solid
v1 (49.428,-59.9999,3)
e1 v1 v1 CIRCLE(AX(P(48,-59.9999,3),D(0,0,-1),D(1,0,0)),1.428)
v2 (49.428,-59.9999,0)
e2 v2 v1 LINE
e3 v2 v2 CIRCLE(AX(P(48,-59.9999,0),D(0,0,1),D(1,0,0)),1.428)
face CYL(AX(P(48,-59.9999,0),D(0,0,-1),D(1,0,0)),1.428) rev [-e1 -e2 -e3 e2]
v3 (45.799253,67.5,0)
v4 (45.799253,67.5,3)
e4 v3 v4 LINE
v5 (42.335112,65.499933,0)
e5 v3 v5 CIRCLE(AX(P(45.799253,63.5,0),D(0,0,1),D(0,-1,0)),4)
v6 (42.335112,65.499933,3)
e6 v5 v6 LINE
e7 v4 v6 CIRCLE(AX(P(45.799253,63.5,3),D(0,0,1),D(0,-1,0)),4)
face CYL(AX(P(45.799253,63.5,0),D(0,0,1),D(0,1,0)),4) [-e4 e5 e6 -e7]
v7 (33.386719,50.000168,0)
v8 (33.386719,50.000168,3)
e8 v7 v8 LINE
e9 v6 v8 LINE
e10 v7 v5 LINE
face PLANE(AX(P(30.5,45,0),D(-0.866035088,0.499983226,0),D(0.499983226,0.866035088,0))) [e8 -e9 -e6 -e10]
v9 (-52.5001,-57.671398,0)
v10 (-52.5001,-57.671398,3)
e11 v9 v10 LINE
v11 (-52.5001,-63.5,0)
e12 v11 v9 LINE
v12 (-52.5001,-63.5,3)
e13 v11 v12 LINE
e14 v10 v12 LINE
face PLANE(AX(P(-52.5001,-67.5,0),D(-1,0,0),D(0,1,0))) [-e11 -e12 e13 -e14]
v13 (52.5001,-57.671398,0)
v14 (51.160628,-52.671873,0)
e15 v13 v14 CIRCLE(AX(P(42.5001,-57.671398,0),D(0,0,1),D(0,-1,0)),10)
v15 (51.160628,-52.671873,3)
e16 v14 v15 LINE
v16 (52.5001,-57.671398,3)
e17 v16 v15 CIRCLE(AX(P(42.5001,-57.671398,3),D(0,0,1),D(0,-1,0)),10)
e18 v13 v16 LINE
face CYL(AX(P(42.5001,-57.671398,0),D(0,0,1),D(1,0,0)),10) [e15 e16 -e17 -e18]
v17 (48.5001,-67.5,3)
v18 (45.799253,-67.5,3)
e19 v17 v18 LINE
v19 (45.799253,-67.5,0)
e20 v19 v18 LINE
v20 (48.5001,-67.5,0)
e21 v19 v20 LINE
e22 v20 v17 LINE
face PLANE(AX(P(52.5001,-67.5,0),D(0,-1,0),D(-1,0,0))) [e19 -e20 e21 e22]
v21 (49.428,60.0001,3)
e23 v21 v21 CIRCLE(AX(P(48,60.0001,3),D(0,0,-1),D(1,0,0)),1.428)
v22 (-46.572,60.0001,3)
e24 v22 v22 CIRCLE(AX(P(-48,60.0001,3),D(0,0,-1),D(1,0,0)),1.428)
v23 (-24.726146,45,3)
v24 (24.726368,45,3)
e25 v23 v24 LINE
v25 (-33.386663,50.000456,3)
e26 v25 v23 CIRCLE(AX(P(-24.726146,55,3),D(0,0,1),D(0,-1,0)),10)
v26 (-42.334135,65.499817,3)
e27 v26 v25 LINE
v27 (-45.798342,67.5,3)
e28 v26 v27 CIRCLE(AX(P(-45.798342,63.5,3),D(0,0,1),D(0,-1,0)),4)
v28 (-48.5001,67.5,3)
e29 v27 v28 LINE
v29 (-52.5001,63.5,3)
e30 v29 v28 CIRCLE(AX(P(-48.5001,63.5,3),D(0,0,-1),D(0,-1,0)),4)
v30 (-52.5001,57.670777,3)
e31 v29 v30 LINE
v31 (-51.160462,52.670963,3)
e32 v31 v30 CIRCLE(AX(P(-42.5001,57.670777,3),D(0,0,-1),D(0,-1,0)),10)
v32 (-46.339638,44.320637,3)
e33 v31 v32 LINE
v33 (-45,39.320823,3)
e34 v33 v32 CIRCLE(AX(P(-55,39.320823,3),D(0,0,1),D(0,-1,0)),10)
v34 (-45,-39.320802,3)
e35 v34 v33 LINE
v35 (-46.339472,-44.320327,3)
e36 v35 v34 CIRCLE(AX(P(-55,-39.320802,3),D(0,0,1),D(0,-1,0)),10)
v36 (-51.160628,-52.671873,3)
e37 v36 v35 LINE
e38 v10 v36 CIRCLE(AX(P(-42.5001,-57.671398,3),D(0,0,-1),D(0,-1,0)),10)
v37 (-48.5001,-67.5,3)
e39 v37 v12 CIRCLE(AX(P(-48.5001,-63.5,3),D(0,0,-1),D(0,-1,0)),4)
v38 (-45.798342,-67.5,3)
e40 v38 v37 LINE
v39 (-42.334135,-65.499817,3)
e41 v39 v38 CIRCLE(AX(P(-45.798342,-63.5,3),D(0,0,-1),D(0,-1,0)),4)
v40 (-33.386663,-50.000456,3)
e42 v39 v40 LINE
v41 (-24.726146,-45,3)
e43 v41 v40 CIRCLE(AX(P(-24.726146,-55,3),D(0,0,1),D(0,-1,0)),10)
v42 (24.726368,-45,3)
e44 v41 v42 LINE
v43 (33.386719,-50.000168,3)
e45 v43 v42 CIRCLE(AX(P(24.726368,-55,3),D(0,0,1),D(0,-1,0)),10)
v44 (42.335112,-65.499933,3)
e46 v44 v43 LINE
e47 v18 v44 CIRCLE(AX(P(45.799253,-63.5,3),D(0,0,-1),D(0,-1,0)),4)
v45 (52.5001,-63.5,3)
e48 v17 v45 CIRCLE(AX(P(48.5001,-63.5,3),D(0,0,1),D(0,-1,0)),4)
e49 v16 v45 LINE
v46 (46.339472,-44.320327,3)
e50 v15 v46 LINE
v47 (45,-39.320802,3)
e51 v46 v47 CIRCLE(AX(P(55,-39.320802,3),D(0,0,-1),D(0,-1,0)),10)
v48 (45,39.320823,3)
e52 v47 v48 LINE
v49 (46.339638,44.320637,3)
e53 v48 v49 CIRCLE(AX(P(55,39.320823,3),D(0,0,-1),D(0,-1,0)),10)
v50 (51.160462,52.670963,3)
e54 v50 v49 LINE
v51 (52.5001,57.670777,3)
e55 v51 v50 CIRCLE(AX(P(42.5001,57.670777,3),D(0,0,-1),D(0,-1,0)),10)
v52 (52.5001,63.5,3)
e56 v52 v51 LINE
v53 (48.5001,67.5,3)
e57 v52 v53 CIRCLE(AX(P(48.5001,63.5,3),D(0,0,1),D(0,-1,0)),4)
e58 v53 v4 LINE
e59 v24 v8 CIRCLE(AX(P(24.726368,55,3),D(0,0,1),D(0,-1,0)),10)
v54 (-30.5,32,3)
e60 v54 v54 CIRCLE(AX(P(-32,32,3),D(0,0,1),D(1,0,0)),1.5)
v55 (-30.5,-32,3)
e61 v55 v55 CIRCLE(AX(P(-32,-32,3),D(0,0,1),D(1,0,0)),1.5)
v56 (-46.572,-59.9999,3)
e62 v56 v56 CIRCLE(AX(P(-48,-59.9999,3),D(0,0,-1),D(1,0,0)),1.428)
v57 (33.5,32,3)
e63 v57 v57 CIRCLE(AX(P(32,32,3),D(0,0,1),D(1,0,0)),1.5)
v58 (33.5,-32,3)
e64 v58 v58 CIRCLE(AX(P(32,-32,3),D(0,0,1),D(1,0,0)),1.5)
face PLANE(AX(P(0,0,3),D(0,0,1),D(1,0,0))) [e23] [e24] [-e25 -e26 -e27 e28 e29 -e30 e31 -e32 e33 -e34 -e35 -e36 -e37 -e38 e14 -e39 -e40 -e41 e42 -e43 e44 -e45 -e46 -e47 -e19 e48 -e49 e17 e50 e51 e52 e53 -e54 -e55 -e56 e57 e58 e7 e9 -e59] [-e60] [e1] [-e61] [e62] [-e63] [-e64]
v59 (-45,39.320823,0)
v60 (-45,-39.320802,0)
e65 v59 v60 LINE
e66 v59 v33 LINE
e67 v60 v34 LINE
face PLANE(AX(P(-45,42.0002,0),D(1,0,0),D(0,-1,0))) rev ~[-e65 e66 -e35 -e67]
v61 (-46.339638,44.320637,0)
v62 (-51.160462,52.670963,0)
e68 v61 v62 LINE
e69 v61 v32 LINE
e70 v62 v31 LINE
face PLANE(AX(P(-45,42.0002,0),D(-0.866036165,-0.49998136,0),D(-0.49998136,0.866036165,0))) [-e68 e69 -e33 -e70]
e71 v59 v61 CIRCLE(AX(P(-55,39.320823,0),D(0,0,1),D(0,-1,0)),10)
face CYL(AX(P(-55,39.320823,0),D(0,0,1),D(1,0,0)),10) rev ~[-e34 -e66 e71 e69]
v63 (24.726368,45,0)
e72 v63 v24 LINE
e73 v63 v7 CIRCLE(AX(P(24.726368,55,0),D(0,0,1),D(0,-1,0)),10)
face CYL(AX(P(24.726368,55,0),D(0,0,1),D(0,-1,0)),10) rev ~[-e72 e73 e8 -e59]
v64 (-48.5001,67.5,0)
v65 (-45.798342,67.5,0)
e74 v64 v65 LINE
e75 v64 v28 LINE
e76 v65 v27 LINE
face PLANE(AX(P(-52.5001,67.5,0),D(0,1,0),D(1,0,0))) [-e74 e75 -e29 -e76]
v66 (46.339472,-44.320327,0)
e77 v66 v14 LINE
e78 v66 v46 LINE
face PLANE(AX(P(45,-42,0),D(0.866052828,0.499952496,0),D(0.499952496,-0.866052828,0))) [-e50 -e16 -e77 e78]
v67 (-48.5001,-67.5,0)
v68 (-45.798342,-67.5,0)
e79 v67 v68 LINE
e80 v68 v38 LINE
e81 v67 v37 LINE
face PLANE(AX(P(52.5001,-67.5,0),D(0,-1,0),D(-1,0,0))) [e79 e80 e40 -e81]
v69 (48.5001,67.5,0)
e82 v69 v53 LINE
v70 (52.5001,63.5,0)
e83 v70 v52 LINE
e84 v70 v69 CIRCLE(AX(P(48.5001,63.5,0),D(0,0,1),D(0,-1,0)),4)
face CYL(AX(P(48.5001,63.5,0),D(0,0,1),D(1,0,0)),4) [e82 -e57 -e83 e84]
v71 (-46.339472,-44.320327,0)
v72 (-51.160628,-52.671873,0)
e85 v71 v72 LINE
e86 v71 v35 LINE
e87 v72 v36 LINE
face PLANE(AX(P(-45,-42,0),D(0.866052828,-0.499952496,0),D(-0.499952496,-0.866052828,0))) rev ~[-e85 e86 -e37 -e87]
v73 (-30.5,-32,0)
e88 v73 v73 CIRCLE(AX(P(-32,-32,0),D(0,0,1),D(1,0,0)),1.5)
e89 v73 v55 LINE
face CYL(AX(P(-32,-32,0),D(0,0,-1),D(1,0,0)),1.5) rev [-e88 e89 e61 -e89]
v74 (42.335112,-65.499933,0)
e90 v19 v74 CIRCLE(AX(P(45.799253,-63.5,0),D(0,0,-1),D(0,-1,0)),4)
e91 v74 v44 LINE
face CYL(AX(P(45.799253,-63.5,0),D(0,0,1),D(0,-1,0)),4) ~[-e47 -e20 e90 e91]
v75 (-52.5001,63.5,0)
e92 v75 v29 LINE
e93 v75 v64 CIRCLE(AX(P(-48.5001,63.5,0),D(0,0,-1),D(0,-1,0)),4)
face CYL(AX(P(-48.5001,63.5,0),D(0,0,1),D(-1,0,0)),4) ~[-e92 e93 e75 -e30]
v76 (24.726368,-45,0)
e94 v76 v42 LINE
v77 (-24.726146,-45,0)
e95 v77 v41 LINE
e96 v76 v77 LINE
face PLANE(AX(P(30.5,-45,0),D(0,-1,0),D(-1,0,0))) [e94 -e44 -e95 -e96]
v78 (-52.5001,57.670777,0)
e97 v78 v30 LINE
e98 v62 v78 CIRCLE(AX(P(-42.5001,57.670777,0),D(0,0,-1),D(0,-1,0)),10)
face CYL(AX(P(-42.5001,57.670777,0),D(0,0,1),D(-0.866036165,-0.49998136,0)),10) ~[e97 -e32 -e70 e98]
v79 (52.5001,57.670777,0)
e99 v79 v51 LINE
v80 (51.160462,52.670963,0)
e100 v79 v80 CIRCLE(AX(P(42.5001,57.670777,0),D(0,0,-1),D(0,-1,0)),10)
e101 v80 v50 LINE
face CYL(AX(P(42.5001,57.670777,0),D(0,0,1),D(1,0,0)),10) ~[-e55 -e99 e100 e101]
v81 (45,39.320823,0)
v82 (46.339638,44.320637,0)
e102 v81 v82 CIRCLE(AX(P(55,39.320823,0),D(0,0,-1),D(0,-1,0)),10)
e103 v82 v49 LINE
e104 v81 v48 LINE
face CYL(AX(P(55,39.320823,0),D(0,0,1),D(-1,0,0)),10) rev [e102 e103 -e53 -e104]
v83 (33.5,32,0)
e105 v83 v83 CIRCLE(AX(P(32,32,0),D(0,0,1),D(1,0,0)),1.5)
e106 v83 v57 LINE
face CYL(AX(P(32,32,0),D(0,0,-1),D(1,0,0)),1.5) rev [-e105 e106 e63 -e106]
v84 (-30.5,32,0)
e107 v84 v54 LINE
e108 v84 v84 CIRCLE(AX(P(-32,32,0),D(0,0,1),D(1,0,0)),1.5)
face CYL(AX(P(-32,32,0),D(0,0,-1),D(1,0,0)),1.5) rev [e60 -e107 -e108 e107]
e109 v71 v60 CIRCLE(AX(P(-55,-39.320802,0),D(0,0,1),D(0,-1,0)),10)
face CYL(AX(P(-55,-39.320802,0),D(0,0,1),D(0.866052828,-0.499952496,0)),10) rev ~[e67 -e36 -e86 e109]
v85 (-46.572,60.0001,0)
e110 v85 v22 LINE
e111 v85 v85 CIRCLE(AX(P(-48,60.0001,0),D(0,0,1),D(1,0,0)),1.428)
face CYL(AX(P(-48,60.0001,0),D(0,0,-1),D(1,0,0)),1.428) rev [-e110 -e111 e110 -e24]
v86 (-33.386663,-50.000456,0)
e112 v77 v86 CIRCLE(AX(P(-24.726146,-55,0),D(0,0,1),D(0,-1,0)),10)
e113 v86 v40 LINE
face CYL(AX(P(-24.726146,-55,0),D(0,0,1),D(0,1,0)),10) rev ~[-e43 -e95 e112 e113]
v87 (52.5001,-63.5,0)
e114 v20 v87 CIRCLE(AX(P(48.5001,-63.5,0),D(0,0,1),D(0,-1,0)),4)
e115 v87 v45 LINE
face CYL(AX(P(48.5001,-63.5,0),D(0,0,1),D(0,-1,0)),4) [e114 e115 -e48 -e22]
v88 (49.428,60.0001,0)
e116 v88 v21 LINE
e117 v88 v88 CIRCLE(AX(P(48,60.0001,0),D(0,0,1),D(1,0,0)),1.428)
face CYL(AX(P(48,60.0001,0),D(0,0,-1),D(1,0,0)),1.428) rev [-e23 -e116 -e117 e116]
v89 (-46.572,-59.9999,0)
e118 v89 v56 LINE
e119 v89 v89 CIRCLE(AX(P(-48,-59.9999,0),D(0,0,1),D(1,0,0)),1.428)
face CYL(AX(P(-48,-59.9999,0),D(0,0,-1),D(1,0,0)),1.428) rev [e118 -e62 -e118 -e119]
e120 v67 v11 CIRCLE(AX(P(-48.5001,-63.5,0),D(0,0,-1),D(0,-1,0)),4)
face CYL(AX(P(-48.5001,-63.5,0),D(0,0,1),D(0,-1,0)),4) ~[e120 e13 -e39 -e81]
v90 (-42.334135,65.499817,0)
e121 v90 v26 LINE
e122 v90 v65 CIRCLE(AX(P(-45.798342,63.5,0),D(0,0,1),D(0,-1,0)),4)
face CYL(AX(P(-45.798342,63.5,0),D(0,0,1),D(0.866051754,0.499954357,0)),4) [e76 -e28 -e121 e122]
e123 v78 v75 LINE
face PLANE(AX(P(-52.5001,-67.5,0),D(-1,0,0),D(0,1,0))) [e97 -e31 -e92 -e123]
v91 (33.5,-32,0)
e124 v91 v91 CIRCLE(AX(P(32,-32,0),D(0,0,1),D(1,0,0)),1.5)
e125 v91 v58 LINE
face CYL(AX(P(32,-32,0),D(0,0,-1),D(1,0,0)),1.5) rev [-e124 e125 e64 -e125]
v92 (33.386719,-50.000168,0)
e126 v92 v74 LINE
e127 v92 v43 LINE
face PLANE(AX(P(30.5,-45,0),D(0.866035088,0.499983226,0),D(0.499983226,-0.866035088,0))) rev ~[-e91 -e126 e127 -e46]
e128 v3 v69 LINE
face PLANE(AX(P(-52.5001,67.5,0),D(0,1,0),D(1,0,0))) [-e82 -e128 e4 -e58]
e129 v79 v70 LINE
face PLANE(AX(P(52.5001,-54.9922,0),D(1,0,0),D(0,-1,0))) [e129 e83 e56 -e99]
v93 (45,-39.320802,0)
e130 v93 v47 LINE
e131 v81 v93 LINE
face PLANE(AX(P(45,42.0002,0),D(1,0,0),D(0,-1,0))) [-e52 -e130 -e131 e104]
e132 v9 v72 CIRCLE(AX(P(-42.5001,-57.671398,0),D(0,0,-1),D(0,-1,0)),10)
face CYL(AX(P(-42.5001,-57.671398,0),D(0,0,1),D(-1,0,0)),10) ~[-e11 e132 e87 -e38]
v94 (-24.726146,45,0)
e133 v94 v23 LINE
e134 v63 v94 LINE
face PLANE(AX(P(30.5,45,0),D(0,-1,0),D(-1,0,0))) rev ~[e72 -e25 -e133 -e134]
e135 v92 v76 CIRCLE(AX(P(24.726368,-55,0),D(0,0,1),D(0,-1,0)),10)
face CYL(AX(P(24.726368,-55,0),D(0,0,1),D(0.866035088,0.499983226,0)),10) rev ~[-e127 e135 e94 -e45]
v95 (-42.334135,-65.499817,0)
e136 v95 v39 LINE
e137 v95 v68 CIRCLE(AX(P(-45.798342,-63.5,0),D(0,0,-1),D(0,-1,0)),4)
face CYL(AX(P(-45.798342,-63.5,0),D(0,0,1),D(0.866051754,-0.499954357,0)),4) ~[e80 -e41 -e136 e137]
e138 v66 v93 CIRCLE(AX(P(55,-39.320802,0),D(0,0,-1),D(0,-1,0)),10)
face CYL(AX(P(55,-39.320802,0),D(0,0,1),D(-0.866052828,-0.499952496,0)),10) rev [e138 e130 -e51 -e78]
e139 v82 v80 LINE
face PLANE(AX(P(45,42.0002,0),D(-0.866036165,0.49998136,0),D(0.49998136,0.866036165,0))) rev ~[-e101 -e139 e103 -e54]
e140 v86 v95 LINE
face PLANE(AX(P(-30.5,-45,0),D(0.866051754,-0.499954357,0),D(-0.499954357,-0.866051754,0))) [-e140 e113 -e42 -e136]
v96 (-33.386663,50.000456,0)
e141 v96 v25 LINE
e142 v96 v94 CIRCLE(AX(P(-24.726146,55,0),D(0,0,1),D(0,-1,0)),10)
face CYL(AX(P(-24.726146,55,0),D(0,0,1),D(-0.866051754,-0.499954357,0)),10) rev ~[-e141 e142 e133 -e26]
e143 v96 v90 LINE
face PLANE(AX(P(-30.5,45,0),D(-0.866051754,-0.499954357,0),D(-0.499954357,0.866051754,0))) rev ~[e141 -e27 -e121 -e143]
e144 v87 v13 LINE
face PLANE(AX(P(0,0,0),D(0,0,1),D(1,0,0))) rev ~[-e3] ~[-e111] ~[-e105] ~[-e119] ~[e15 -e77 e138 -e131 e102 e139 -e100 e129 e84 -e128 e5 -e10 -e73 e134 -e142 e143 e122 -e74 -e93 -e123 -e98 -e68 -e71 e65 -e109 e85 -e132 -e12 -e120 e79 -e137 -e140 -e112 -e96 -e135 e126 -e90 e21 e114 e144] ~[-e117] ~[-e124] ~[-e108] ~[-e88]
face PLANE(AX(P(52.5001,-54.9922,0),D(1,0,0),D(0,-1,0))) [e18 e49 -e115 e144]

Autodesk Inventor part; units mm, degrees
ref_plane "YZ Plane" through (0, 0, 0) normal (1, 0, 0) x (0, 1, 0)
ref_plane "XZ Plane" through (0, 0, 0) normal (0, 1, 0) x (-1, 0, 0)
ref_plane "XY Plane" through (0, 0, 0) normal (0, 0, 1) x (1, 0, 0)
sketch "Sketch3" plane through (0, 0, 0) normal (0, 0, 1) x (1, 0, 0)
  line L0 (52.5001, -67.5) -> (-52.5001, -67.5)
  line L1 (-52.5001, -67.5) -> (-52.5001, 67.5)
  line L2 (-52.5001, 67.5) -> (52.5001, 67.5)
  line L3 (52.5001, 67.5) -> (52.5001, -67.5)
  circle A0 centre (32, 32) radius 1.5
  circle A1 centre (-32, 32) radius 1.5
  circle A2 centre (-32, -32) radius 1.5
  circle A3 centre (32, -32) radius 1.5
  line L4 (30.5, 0) -> (-30.5, 0)
  line L5 (30.5, 45) -> (-30.5, 45)
  line L6 (30.5, 45) -> (43.4898, 67.5)
  line L7 (-30.5, 45) -> (-43.4888, 67.5)
  line L8 (30.5, -45) -> (-30.5, -45)
  line L9 (30.5, -45) -> (43.4898, -67.5)
  line L10 (-30.5, -45) -> (-43.4888, -67.5)
  line L11 (0, 42.0002) -> (0, -42)
  line L12 (45, 42.0002) -> (45, -42)
  line L13 (45, 42.0002) -> (52.5001, 54.9914)
  line L14 (45, -42) -> (52.5001, -54.9922)
  line L15 (-45, 42.0002) -> (-45, -42)
  line L16 (-45, 42.0002) -> (-52.5001, 54.9914)
  line L17 (-45, -42) -> (-52.5001, -54.9922)
  circle A4 centre (48, 60.0001) radius 1.428
  circle A5 centre (-48, 60.0001) radius 1.428
  circle A6 centre (48, -59.9999) radius 1.428
  circle A7 centre (-48, -59.9999) radius 1.428
extrude "Extrusion2" add sketch "Sketch3" along normal blind 3 contours L0 L9 L8 L10 L1 L17 L15 L16 L2 L7 L5 L6 L3 L13 L12 L14 | L0 L10 L8 L9 | L14 L12 L13 L3 | L1 L16 L15 L17 | L6 L5 L7 L2 | A4 | A5 | A6 | A7
fillet "Fillet2" radius 4 4 edges at (-52.5001, 67.5, 1.5) (52.5001, 67.5, 1.5) (52.5001, -67.5, 1.5) (-52.5001, -67.5, 1.5)
extrude "Extrusion3" cut sketch "Sketch3" along normal blind 10 contours L0 L10 L8 L9 | L14 L12 L13 L3 | L1 L16 L15 L17 | L6 L5 L7 L2
fillet "Fillet3" radius 10 8 edges at (30.5, 45, 1.5) (-30.5, 45, 1.5) (30.5, -45, 1.5) (-30.5, -45, 1.5) (-52.5001, 54.9914, 1.5) (52.5001, -54.9922, 1.5) (-52.5001, -54.9922, 1.5) (52.5001, 54.9914, 1.5)
fillet "Fillet4" radius 10 4 edges at (45, 42.0002, 1.5) (45, -42, 1.5) (-45, -42, 1.5) (-45, 42.0002, 1.5)
fillet "Fillet5" radius 4 4 edges at (43.4898, 67.5, 1.5) (-43.4888, 67.5, 1.5) (43.4898, -67.5, 1.5) (-43.4888, -67.5, 1.5)
extrude "Extrusion4" cut sketch "Sketch3" along normal blind 10 contours A4 | A5 | A6 | A7
properties part number "GPS - mount v2"
